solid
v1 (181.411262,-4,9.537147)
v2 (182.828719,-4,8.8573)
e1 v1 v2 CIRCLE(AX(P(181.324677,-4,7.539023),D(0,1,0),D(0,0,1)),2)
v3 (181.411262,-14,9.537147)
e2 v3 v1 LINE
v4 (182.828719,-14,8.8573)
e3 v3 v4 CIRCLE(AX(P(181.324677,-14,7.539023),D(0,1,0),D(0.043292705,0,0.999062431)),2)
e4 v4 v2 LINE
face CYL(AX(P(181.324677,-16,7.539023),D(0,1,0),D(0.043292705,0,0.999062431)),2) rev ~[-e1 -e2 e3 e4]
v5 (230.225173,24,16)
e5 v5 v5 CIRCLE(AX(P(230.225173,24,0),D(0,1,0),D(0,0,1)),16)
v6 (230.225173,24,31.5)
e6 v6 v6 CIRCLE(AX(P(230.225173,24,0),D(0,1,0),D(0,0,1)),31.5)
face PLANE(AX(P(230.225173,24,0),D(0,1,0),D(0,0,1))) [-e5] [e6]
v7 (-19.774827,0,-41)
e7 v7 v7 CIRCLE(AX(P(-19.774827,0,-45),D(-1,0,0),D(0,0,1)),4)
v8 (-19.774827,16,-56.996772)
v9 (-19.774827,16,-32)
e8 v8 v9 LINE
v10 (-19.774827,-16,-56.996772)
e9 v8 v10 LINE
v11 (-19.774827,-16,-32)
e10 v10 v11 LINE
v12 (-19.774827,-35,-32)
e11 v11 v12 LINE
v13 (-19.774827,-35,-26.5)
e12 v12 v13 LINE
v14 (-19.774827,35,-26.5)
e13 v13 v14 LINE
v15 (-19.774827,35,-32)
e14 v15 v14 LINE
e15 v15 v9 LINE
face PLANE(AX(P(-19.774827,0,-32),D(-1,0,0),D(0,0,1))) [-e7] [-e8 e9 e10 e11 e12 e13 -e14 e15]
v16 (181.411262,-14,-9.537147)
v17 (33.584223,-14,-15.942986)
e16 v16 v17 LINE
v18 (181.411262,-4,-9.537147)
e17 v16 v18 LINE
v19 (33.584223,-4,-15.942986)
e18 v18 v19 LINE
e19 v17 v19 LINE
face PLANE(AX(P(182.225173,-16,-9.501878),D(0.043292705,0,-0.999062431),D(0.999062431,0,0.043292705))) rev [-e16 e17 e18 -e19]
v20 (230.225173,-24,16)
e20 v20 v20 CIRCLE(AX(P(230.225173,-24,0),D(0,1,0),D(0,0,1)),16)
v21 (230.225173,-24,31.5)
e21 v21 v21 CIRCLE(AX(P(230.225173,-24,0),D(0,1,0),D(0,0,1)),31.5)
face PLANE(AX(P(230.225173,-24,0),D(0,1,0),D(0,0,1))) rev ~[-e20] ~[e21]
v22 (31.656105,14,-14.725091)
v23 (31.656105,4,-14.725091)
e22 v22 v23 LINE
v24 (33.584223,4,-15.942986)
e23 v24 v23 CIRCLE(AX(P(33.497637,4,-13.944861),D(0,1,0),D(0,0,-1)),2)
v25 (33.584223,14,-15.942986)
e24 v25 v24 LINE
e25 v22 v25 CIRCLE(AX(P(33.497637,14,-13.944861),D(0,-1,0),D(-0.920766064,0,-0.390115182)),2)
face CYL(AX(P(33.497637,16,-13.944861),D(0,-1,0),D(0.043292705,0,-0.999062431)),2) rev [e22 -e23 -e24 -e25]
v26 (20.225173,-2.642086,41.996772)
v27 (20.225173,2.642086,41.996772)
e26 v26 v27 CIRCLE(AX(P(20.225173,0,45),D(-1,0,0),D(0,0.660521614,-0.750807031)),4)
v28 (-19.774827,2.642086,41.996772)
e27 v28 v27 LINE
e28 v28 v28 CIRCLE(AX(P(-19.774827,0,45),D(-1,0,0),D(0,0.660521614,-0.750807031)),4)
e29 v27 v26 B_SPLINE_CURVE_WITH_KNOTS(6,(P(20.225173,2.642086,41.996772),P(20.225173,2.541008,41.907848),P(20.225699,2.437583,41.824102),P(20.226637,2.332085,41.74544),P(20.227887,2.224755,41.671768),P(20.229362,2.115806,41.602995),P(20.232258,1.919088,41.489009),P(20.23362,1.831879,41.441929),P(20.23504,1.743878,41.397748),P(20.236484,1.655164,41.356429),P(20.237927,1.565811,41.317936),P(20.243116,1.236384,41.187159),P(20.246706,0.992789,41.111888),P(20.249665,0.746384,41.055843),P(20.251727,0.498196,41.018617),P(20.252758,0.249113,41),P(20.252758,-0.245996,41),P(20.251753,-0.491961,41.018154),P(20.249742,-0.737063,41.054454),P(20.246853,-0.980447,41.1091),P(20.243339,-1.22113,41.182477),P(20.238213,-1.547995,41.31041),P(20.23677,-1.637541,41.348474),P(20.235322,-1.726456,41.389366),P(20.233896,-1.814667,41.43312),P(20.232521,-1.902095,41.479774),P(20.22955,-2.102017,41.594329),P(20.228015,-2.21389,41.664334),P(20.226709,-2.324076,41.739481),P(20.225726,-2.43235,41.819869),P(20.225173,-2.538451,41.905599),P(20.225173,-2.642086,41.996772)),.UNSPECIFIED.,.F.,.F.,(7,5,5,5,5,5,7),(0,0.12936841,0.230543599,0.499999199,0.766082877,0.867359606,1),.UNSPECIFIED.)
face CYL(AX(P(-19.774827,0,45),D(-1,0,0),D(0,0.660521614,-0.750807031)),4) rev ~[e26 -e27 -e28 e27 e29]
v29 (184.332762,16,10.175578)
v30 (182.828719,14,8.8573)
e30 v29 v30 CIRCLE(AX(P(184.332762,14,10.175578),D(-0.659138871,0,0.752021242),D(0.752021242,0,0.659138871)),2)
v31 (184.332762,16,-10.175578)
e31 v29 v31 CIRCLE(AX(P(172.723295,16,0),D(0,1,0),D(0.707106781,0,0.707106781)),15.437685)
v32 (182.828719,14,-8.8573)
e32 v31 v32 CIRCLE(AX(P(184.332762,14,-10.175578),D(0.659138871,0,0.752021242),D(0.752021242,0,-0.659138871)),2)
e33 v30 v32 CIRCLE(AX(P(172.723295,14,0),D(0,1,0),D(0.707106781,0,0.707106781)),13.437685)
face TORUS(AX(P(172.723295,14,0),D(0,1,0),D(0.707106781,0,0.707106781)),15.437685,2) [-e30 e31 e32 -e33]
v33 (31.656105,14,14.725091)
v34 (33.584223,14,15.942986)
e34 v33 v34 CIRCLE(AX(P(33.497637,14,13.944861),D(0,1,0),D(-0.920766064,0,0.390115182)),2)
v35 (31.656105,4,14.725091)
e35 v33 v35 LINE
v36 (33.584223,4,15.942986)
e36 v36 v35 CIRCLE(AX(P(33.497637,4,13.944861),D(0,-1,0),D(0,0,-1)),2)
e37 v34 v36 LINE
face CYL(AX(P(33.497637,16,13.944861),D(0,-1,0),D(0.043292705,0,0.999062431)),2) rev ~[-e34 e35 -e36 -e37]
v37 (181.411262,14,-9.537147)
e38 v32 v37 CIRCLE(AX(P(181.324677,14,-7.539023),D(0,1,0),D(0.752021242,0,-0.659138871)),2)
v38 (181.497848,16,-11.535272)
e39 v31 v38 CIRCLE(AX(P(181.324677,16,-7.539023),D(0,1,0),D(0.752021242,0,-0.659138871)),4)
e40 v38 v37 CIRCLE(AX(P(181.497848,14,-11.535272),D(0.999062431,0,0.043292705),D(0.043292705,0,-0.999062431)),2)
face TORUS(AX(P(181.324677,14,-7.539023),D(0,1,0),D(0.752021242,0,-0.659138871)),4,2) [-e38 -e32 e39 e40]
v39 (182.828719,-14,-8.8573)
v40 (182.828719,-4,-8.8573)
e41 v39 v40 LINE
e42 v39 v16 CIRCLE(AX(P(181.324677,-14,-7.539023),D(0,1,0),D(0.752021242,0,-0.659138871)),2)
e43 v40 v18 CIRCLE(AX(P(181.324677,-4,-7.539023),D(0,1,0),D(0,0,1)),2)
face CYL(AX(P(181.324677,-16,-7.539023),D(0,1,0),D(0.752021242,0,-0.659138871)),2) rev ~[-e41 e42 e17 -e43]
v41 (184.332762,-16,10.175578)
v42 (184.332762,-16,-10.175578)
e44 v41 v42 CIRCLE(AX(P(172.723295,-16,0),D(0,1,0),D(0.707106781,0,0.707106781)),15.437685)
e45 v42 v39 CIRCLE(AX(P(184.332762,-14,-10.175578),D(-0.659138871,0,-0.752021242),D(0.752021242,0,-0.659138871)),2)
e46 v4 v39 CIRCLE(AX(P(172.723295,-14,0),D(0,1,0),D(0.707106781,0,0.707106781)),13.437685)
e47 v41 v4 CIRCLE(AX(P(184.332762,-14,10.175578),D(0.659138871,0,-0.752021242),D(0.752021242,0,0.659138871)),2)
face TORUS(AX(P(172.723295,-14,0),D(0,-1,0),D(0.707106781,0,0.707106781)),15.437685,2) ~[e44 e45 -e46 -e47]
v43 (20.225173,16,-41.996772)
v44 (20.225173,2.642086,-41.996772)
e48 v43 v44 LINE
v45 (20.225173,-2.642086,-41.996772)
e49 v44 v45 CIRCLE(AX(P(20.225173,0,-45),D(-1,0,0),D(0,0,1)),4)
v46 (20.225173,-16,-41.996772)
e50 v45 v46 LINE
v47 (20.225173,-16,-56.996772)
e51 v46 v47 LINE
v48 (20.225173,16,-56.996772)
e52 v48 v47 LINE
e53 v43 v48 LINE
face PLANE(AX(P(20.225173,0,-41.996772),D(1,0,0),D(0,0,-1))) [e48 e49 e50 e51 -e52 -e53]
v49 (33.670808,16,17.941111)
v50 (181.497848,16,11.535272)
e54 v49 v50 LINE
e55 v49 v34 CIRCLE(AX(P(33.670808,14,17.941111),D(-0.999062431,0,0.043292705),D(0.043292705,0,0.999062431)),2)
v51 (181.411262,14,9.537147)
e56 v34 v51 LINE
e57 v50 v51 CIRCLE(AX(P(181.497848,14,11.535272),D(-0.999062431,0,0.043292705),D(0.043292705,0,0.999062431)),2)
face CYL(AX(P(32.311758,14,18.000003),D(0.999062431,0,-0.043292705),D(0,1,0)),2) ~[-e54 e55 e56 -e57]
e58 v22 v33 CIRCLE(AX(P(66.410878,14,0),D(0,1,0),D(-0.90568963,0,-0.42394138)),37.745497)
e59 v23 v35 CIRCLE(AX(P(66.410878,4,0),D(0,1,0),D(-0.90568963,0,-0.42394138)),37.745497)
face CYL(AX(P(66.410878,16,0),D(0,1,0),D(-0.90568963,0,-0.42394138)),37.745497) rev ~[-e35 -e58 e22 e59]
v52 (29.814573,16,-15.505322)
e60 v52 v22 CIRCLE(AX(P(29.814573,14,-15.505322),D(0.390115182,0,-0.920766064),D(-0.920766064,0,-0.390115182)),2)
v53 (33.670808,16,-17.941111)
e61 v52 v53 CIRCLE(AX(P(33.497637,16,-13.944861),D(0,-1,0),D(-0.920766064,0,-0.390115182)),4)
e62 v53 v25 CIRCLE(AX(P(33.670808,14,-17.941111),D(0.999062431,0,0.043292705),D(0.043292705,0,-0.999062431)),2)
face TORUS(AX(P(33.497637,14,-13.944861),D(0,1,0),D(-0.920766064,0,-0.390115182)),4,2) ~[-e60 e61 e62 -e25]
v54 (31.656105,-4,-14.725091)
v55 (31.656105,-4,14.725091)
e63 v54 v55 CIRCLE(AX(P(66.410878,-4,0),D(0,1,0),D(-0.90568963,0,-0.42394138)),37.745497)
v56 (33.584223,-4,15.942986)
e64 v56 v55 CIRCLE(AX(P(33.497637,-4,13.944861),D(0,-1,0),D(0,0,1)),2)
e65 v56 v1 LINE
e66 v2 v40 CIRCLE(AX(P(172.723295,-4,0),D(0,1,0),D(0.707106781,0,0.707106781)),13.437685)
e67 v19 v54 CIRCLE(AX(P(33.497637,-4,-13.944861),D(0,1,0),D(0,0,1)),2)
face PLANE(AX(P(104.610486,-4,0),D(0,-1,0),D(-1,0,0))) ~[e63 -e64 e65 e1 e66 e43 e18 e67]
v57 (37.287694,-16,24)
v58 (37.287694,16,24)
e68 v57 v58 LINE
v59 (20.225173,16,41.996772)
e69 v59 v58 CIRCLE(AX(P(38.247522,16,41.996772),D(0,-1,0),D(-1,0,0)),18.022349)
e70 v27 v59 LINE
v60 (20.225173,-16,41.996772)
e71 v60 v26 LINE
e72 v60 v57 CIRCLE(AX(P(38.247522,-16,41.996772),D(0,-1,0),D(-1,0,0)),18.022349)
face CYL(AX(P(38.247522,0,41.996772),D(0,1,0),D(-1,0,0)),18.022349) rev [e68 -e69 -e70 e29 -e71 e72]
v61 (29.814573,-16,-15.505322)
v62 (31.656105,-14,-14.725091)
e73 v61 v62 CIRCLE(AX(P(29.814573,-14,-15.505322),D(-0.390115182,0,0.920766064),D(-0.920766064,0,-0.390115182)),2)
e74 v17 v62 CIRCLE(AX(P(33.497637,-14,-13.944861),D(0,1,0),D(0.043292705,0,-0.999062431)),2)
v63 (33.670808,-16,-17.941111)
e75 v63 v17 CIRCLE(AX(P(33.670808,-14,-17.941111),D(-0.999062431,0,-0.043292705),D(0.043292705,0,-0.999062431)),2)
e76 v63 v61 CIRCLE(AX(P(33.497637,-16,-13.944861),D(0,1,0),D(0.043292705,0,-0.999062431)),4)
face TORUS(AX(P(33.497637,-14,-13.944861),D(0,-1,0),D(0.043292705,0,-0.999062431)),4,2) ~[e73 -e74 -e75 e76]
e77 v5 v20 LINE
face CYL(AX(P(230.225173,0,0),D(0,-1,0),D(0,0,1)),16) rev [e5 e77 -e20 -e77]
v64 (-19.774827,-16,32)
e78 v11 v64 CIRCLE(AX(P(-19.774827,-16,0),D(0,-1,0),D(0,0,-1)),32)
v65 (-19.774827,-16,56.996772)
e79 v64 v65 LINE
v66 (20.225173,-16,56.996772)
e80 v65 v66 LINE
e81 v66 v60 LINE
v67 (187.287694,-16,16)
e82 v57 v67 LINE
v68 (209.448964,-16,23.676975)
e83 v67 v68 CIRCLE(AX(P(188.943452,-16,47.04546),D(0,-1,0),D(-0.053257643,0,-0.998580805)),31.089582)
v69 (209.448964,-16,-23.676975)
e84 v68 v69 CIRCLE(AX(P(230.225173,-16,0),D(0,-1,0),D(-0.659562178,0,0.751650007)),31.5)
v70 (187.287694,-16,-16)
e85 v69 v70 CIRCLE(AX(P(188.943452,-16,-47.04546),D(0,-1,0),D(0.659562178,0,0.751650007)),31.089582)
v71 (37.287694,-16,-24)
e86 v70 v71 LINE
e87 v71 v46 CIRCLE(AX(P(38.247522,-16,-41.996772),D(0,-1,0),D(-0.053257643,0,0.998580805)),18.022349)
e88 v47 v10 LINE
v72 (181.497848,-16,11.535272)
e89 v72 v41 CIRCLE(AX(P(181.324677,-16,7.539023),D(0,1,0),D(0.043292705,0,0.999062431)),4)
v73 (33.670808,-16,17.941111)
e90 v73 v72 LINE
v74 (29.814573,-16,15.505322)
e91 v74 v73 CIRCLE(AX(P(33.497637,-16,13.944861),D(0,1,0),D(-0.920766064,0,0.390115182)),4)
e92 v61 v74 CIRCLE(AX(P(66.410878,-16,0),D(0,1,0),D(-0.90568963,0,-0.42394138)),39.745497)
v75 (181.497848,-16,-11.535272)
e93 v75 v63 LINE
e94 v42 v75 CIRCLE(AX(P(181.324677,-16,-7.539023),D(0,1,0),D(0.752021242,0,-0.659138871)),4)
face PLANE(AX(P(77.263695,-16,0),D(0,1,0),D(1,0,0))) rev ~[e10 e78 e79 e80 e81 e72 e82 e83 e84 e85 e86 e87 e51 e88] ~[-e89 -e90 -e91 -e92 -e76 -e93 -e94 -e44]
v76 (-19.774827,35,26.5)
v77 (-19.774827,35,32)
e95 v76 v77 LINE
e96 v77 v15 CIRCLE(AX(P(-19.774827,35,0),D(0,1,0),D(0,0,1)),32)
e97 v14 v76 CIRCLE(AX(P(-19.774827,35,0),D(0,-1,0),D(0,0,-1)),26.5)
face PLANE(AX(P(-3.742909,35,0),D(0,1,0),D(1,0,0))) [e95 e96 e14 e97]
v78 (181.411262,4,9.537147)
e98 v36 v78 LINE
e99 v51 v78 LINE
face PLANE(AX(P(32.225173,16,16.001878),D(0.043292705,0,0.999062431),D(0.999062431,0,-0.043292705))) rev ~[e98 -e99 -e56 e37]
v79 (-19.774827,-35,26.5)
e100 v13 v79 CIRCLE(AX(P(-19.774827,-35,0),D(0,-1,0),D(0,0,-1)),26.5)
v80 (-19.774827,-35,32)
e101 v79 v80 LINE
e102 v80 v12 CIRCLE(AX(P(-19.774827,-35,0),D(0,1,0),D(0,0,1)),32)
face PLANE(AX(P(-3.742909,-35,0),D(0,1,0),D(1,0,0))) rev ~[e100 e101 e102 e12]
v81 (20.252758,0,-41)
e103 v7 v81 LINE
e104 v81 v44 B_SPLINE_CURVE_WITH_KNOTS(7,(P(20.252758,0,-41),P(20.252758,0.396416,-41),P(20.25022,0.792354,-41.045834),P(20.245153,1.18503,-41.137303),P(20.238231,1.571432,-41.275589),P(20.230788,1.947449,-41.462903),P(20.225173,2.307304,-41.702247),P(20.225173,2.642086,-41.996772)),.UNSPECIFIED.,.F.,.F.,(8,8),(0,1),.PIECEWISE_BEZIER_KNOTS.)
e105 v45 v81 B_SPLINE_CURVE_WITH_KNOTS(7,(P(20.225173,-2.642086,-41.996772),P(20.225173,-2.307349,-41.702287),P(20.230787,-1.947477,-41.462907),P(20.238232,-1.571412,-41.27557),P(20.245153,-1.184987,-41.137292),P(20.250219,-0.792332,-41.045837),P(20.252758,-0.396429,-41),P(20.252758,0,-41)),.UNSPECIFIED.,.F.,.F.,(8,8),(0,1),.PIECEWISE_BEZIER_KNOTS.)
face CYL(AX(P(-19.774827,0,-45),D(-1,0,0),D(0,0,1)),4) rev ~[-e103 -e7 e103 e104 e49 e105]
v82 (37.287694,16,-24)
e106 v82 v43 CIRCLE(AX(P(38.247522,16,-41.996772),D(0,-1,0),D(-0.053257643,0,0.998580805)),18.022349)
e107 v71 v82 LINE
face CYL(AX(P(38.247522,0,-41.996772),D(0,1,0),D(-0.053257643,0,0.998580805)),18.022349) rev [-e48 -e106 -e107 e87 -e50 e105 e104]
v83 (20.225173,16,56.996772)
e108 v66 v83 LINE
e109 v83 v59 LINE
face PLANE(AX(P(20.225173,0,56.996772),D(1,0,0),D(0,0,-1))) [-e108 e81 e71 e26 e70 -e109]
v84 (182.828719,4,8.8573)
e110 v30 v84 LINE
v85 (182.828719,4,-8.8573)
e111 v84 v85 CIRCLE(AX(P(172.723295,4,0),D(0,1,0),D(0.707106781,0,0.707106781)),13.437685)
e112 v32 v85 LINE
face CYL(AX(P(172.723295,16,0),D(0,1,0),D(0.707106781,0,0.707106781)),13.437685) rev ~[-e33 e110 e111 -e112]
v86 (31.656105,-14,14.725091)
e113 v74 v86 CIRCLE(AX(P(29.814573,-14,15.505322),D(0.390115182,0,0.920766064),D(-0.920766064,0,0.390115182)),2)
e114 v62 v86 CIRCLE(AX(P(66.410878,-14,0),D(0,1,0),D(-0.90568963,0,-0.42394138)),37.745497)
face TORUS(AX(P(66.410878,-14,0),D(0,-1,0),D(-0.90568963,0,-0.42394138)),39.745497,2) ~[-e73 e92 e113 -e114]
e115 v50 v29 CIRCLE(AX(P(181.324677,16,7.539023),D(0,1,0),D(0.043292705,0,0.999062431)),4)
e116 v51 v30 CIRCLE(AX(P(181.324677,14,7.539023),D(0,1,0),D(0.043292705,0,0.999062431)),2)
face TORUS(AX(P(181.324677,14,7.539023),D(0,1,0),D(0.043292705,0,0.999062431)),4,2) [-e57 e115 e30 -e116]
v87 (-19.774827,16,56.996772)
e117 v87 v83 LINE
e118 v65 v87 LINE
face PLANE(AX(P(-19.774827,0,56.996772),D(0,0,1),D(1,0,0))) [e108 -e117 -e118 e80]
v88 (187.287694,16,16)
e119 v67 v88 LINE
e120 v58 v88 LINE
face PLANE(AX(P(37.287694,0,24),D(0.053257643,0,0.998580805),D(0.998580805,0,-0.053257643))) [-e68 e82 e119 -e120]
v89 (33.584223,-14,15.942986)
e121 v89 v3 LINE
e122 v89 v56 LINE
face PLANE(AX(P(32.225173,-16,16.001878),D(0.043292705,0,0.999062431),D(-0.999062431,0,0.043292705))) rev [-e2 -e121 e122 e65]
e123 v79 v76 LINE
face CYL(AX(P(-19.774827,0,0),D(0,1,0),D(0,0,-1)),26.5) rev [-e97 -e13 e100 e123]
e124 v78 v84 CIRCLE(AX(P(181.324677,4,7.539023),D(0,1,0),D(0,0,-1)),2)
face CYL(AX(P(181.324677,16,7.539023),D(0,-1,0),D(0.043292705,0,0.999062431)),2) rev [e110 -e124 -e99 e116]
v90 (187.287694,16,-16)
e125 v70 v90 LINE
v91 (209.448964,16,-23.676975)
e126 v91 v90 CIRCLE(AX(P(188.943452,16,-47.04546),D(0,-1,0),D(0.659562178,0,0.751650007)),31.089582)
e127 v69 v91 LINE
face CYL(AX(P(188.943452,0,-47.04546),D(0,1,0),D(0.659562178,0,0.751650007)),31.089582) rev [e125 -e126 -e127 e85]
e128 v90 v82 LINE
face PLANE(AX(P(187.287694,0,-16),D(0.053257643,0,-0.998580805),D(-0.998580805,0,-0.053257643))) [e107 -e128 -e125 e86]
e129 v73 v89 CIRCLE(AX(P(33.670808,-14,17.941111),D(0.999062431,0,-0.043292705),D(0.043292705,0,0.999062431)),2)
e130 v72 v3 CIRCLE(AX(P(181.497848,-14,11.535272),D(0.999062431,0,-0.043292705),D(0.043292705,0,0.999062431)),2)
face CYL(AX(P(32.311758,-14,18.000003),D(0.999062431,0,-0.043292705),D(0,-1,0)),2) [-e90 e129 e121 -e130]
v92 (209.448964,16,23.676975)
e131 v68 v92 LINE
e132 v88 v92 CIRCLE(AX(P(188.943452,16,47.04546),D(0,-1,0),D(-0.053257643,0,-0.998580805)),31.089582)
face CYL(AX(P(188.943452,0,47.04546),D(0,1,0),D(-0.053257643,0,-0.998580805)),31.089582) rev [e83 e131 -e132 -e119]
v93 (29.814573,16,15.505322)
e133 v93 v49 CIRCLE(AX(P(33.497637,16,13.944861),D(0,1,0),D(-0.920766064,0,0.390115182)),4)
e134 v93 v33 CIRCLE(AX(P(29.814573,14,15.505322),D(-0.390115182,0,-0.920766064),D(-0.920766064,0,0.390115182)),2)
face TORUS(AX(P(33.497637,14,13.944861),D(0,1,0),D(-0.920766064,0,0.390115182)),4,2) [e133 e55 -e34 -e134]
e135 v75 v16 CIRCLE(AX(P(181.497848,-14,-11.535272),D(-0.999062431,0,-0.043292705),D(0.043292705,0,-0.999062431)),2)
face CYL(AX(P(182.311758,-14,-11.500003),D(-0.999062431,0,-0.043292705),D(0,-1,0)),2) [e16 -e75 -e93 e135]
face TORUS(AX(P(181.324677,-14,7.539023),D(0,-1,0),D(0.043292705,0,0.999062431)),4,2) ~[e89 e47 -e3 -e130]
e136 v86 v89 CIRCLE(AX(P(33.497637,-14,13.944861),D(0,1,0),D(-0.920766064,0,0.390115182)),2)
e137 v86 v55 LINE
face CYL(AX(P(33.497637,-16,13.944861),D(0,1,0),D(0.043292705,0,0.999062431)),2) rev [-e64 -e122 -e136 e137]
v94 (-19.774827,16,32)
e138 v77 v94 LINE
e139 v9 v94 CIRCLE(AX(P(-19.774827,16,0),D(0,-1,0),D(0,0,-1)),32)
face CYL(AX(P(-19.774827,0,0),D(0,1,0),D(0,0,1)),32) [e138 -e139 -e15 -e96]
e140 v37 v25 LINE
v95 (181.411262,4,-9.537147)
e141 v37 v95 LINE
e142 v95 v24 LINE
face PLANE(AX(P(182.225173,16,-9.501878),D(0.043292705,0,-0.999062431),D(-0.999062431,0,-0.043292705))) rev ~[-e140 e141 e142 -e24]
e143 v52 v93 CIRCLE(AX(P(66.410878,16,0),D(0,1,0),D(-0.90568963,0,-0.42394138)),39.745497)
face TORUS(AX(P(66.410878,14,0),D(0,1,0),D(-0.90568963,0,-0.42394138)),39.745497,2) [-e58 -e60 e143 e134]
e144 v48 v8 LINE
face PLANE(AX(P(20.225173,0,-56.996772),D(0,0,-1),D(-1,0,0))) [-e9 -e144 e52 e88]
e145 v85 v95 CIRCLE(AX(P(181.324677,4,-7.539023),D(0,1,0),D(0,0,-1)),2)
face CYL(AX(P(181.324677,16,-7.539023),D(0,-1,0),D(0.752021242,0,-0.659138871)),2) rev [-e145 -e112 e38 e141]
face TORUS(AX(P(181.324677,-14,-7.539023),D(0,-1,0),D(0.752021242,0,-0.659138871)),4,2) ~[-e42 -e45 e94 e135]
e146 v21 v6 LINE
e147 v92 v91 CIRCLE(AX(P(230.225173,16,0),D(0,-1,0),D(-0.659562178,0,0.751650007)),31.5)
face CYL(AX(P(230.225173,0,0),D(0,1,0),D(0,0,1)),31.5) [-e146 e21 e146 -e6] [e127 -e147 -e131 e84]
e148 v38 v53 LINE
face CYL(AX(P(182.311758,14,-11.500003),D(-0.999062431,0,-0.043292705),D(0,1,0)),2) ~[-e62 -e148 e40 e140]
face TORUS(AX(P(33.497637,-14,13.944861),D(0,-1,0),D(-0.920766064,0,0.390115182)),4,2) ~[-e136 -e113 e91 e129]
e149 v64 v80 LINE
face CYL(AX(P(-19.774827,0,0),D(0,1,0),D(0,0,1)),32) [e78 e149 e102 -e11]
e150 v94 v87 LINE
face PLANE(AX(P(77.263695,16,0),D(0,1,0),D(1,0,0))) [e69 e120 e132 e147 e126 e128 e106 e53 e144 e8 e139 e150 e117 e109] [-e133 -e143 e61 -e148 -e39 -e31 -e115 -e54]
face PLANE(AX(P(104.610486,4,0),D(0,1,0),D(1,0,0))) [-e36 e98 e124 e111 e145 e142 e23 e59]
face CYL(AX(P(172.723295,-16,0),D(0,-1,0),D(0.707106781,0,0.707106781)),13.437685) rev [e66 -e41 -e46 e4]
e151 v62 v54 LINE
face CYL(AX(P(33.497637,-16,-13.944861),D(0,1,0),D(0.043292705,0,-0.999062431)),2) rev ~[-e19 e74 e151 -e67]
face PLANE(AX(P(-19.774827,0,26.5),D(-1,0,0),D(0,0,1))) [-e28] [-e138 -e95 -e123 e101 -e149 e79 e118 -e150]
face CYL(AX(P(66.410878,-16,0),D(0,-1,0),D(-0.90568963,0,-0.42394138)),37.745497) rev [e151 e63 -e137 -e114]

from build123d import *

# Parameters (mm, degrees)
BOSS_EXTRUDE1_DEPTH = 16
SKETCH1_5_R         = 31.5
SKETCH1_5_R_2       = 16
BOSS_EXTRUDE2_DEPTH = 24
BOSS_EXTRUDE3_DEPTH = 35
CUT_EXTRUDE1_DEPTH  = 12
FILLET1_R           = 2
FILLET3_R           = 2
SKETCH6_R           = 4
CUT_EXTRUDE4_DEPTH  = 290.336969647


with BuildPart() as part:
    # Sketch1 → Boss-Extrude1 (new, symmetric)
    with BuildSketch(Plane(origin=(0, 0, 0), x_dir=(1, 0, 0), z_dir=(0, 1, 0))):
        with BuildLine():
            Line((-19.774827182, 56.996771876), (-19.774827182, 32))
            ThreePointArc((-19.774827182, 32), (12.225172818, 0), (-19.774827182, -32))
            Line((-19.774827182, -32), (-19.774827182, -56.996771876))
            Line((-19.774827182, -56.996771876), (20.225172818, -56.996771876))
            Line((20.225172818, -56.996771876), (20.225172818, -41.996771876))
            ThreePointArc((20.225172818, -41.996771876), (25.16884807, -29.597039719), (37.287694094, -24))
            Line((37.287694094, -24), (187.287694094, -16))
            ThreePointArc((187.287694094, -16), (199.120008212, -17.668601393), (209.448964206, -23.676975223))
            ThreePointArc((209.448964206, -23.676975223), (198.725172818, 0), (209.448964206, 23.676975223))
            ThreePointArc((209.448964206, 23.676975223), (199.120008212, 17.668601393), (187.287694094, 16))
            Line((187.287694094, 16), (37.287694094, 24))
            ThreePointArc((37.287694094, 24), (25.16884807, 29.597039719), (20.225172818, 41.996771876))
            Line((20.225172818, 41.996771876), (20.225172818, 56.996771876))
            Line((20.225172818, 56.996771876), (-19.774827182, 56.996771876))
        make_face()
    extrude(amount=BOSS_EXTRUDE1_DEPTH, both=True)

    # Sketch1_5 → Boss-Extrude2 (add, symmetric)
    with BuildSketch(Plane(origin=(0, 0, 0), x_dir=(1, 0, 0), z_dir=(0, 1, 0))):
        with Locations(Location((230.225172818, 0, 0), (0, 0, 270))):
            Circle(SKETCH1_5_R)
        with Locations(Location((230.225172818, 0, 0), (0, 0, 270))):
            Circle(SKETCH1_5_R_2, mode=Mode.SUBTRACT)
    extrude(amount=BOSS_EXTRUDE2_DEPTH, both=True)

    # Sketch1_6 → Boss-Extrude3 (add, symmetric)
    with BuildSketch(Plane(origin=(0, 0, 0), x_dir=(1, 0, 0), z_dir=(0, 1, 0))):
        with BuildLine():
            Line((-19.774827182, 32), (-19.774827182, 26.5))
            ThreePointArc((-19.774827182, 26.5), (6.725172818, 0), (-19.774827182, -26.5))
            Line((-19.774827182, -26.5), (-19.774827182, -32))
            ThreePointArc((-19.774827182, -32), (12.225172818, 0), (-19.774827182, 32))
        make_face()
    extrude(amount=BOSS_EXTRUDE3_DEPTH, both=True)

    # Sketch4 → Cut-Extrude1 (cut)
    with BuildSketch(Plane(origin=(0, 16, 0), x_dir=(1, 0, 0), z_dir=(0, 1, 0))):
        with BuildLine():
            Line((32.225172818, -16.001877998), (182.225172818, -9.501877998))
            ThreePointArc((182.225172818, -9.501877998), (186.160979553, 0), (182.225172818, 9.501877998))
            Line((182.225172818, 9.501877998), (32.225172818, 16.001877998))
            ThreePointArc((32.225172818, 16.001877998), (28.665381057, 0), (32.225172818, -16.001877998))
        make_face()
    cut_extrude1 = extrude(amount=-CUT_EXTRUDE1_DEPTH, mode=Mode.SUBTRACT)

    # Fillet1
    fillet1_edges = [part.edges().sort_by_distance(p)[0] for p in [
        (32.225172818, 10, 16.001877998),
        (32.225172818, 10, -16.001877998),
        (182.225172818, 10, -9.501877998),
        (182.225172818, 10, 9.501877998),
        (28.665381057, 16, 0),
        (107.225172818, 16, 12.751877998),
        (186.160979553, 16, 0),
        (107.225172818, 16, -12.751877998),
    ]]
    fillet(fillet1_edges, radius=FILLET1_R)

    # Mirror5: Cut-Extrude1 across plane
    add(cut_extrude1.mirror(Plane.ZX), mode=Mode.SUBTRACT)

    # Fillet3
    fillet3_edges = [part.edges().sort_by_distance(p)[0] for p in [
        (28.665381057, -16, 0),
        (32.225172818, -10, -16.001877998),
        (107.225172818, -16, 12.751877998),
        (32.225172818, -10, 16.001877998),
        (186.160979553, -16, 0),
        (182.225172818, -10, 9.501877998),
        (107.225172818, -16, -12.751877998),
        (182.225172818, -10, -9.501877998),
    ]]
    fillet(fillet3_edges, radius=FILLET3_R)

    # Sketch6 → Cut-Extrude4 (cut, through all)
    with BuildSketch(Plane.ZY.offset(19.774827182)):
        with Locations((-45, 0)):
            Circle(SKETCH6_R)
        with Locations(Location((45, 0, 0), (0, 0, 138.660333847))):
            Circle(SKETCH6_R)
    extrude(amount=-CUT_EXTRUDE4_DEPTH, mode=Mode.SUBTRACT)


solid = part.part
